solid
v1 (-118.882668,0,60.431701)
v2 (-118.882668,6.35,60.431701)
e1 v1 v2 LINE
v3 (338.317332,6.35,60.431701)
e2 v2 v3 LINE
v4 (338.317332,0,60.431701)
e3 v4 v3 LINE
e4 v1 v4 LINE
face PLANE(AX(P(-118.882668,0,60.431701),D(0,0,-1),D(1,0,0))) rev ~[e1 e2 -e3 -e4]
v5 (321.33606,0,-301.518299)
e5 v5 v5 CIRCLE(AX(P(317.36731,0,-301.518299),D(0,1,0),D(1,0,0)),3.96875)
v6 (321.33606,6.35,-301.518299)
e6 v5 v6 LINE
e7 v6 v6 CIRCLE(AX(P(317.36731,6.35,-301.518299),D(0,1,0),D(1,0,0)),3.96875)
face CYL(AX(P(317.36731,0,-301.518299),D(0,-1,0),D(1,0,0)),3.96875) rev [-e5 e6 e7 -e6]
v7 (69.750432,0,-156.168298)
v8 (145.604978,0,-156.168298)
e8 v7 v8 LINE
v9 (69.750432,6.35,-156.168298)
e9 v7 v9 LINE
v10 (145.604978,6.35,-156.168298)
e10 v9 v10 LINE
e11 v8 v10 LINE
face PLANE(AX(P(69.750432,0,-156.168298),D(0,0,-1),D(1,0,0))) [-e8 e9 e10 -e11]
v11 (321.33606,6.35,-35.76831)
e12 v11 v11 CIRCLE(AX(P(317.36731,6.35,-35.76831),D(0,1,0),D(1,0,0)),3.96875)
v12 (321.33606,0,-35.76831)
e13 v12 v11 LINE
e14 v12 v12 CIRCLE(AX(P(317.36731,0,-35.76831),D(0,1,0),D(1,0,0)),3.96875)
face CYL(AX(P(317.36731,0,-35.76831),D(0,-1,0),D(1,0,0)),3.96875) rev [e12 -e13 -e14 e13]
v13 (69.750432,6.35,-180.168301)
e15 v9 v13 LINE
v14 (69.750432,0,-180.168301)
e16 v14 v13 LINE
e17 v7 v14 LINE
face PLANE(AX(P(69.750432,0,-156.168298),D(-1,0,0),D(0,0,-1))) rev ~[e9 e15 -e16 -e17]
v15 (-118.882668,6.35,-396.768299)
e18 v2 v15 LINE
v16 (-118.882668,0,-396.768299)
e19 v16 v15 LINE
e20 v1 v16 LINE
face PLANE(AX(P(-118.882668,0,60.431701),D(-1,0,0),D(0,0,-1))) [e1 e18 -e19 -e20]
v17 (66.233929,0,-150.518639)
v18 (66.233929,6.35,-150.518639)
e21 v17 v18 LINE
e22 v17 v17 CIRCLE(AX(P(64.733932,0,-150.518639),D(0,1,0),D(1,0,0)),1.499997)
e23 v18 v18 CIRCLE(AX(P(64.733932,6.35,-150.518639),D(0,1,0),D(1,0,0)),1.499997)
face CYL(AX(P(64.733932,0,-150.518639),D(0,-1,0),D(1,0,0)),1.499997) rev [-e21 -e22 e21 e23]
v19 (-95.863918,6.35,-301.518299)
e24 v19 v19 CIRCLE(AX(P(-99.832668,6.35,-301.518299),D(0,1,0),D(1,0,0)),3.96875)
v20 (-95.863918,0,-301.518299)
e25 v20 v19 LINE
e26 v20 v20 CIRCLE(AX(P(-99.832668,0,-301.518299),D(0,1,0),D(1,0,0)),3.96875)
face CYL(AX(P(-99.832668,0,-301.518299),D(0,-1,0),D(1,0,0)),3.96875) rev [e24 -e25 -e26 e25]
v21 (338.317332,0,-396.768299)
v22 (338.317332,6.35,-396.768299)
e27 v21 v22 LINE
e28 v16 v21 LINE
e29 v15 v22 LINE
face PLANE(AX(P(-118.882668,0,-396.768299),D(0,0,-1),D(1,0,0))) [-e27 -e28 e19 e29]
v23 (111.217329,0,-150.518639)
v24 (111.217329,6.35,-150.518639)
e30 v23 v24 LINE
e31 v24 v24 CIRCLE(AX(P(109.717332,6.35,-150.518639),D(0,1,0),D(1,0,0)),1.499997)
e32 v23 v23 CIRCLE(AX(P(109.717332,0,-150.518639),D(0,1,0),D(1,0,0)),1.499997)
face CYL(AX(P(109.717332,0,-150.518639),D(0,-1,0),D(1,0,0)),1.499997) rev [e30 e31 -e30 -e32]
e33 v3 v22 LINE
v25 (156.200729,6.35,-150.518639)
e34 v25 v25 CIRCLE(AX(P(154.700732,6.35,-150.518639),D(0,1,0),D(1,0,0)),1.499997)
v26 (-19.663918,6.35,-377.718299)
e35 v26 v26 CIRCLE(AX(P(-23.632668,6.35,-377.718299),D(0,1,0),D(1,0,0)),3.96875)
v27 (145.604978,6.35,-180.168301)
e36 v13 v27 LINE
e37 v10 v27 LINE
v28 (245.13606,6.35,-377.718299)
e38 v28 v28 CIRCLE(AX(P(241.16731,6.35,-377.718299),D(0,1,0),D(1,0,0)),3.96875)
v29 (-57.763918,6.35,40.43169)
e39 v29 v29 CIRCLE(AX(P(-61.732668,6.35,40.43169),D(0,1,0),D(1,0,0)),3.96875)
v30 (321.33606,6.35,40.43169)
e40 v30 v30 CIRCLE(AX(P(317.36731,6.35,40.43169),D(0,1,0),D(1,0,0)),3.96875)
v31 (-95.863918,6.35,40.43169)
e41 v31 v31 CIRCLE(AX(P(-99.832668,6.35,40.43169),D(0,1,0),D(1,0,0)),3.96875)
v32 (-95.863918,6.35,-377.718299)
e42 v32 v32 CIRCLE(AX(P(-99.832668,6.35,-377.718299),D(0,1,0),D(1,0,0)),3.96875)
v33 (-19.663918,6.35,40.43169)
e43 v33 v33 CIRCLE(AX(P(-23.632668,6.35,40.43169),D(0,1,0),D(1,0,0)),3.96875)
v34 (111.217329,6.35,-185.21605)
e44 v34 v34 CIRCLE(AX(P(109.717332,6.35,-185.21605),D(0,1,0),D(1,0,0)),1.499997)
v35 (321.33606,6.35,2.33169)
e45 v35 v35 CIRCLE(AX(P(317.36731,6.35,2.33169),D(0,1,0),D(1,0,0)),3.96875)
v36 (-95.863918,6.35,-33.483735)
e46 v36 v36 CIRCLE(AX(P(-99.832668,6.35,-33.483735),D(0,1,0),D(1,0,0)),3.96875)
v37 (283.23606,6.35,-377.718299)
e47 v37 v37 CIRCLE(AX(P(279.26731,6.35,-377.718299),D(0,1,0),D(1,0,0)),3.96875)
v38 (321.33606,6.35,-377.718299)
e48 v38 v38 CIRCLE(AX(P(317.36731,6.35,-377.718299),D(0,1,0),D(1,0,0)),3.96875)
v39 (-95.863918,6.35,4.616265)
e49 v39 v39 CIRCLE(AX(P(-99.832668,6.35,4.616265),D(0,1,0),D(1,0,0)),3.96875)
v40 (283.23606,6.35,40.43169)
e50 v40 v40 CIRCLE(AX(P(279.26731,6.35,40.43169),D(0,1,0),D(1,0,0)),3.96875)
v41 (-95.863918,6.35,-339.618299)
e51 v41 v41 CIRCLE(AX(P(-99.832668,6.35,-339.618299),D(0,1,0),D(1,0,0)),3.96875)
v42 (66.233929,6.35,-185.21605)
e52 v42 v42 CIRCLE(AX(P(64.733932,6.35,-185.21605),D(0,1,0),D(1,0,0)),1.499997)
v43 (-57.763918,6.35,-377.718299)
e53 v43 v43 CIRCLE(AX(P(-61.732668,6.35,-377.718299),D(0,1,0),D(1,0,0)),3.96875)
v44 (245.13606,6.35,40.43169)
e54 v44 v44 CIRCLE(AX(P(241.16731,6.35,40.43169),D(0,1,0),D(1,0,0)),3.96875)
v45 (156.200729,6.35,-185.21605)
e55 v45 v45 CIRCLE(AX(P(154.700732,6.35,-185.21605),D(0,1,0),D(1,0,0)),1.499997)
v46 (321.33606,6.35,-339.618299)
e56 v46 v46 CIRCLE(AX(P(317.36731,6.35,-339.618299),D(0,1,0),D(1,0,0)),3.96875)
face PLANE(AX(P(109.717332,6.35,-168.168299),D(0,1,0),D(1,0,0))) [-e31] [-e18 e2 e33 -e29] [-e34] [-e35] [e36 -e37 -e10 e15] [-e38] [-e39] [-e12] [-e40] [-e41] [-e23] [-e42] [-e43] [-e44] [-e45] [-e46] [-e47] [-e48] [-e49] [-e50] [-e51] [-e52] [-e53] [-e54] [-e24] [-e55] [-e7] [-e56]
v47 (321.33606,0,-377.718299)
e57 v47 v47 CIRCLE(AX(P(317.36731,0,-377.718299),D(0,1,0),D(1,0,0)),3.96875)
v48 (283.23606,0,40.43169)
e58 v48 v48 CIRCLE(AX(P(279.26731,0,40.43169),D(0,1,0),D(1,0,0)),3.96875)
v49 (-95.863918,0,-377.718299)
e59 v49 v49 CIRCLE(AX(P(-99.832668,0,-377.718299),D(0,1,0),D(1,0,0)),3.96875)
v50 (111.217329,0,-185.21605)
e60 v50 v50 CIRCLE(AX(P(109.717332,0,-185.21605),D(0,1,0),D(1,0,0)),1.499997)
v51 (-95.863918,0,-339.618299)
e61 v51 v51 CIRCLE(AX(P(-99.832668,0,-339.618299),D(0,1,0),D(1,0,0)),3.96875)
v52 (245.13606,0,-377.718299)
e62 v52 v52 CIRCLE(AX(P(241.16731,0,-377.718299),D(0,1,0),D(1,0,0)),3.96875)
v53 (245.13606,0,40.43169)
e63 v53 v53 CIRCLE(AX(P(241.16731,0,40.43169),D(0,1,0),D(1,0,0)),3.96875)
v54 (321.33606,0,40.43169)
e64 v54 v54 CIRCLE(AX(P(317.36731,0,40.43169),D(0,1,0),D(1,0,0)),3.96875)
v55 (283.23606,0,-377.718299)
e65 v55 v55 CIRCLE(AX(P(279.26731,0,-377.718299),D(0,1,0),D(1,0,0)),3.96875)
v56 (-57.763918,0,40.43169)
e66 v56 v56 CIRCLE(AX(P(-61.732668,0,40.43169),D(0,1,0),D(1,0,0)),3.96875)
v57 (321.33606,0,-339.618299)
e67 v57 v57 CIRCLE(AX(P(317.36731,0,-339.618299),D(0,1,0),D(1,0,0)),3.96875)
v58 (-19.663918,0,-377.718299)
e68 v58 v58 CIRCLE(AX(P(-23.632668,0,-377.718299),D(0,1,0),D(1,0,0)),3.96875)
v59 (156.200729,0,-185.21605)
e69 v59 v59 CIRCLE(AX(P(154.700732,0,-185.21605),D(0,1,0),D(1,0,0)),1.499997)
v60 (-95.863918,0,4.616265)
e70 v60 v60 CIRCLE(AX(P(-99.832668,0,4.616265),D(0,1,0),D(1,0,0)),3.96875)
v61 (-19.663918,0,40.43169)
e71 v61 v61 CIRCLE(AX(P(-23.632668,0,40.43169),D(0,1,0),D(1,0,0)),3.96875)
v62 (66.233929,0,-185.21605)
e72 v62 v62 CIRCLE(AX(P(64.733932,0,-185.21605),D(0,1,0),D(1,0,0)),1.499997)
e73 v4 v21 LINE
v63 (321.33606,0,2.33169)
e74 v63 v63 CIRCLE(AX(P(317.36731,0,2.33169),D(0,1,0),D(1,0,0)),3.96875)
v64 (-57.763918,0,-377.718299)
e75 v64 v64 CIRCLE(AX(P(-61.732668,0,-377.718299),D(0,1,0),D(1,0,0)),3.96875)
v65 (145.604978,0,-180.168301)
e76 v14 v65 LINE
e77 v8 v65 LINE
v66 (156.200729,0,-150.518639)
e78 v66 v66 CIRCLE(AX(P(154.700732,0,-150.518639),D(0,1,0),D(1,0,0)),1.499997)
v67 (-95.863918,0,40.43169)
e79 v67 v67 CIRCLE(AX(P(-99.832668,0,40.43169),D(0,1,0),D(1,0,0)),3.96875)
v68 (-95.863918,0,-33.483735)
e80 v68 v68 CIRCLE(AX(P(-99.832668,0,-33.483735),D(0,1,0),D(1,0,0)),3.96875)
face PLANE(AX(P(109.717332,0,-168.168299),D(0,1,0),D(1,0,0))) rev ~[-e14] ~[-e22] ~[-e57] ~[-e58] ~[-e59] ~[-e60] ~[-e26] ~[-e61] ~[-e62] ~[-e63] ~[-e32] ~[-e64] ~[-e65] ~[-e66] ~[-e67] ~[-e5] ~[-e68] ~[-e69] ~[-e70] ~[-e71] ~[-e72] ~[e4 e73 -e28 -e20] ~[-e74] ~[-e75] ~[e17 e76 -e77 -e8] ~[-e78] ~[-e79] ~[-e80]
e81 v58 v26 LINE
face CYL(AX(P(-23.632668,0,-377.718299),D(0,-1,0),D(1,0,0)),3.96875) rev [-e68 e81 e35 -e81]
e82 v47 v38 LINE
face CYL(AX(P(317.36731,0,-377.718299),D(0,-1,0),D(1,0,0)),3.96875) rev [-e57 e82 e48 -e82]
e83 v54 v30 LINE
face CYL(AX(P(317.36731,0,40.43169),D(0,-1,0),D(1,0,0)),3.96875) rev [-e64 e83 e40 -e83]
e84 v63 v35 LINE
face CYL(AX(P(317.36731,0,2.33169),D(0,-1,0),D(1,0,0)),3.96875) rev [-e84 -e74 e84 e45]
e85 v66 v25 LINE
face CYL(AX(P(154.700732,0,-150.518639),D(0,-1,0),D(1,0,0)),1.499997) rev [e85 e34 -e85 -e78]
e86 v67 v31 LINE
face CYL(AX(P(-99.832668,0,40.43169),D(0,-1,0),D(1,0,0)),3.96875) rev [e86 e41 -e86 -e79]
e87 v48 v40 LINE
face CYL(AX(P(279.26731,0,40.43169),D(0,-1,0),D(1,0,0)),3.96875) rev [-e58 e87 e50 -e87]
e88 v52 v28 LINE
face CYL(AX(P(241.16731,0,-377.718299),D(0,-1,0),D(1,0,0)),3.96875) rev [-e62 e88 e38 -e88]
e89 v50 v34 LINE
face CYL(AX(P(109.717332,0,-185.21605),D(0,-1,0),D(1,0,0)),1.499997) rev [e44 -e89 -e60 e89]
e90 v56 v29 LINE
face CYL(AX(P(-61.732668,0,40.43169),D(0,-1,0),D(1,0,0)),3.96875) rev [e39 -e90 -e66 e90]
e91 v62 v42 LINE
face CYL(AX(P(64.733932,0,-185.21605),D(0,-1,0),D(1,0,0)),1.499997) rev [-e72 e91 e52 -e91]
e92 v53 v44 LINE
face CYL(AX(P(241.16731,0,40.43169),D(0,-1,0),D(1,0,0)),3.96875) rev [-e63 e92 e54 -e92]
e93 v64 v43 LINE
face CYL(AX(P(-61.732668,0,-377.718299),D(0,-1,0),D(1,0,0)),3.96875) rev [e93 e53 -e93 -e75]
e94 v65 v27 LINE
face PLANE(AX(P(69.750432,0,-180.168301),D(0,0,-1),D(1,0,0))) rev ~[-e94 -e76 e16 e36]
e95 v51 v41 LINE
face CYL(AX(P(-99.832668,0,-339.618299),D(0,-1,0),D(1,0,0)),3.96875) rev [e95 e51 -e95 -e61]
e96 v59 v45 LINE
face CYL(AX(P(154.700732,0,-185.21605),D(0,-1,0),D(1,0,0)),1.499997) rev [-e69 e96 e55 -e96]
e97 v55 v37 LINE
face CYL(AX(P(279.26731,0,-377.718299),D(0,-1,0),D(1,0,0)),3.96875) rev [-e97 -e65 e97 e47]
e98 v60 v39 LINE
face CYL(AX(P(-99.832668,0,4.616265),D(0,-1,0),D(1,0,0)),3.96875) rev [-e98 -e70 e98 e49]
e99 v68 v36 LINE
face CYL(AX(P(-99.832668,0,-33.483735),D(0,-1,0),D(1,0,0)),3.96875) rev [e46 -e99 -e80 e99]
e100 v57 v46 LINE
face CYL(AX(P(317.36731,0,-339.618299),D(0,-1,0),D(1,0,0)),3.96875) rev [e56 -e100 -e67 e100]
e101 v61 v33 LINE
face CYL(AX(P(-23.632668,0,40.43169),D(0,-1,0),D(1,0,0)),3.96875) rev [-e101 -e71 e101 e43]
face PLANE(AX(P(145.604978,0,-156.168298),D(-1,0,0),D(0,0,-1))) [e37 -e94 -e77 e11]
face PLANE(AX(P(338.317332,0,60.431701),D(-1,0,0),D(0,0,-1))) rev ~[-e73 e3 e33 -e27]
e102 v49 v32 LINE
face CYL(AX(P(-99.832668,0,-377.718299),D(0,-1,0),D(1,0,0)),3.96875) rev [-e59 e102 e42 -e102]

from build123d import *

# Parameters (mm, degrees)
SKETCH2_W           = 457.2
SKETCH2_H           = 457.2
SKETCH2_R           = 1.499997
SKETCH2_R_2         = 3.96875
SKETCH2_W_2         = 75.854546825
SKETCH2_H_2         = 24.0000028
BOSS_EXTRUDE1_DEPTH = 6.35


with BuildPart() as part:
    # Sketch2 → Boss-Extrude1 (new body)
    with BuildSketch(Plane(origin=(0, 0, 0), x_dir=(1, 0, 0), z_dir=(0, 1, 0))):
        with Locations((109.717331557, 168.168299308)):
            Rectangle(SKETCH2_W, SKETCH2_H)
        with Locations((154.700731557, 185.216049573)):
            Circle(SKETCH2_R, mode=Mode.SUBTRACT)
        with Locations((154.700731557, 150.518638726)):
            Circle(SKETCH2_R, mode=Mode.SUBTRACT)
        with Locations((64.733931557, 150.518638726)):
            Circle(SKETCH2_R, mode=Mode.SUBTRACT)
        with Locations((64.733931557, 185.216049573)):
            Circle(SKETCH2_R, mode=Mode.SUBTRACT)
        with Locations((-99.832668443, 377.718299308)):
            Circle(SKETCH2_R_2, mode=Mode.SUBTRACT)
        with Locations((317.367309957, 377.718299308)):
            Circle(SKETCH2_R_2, mode=Mode.SUBTRACT)
        with Locations((-99.832668443, -40.431689892)):
            Circle(SKETCH2_R_2, mode=Mode.SUBTRACT)
        with Locations((317.367309957, -40.431689892)):
            Circle(SKETCH2_R_2, mode=Mode.SUBTRACT)
        with Locations((109.717331557, 185.216049573)):
            Circle(SKETCH2_R, mode=Mode.SUBTRACT)
        with Locations((109.717331557, 150.518638726)):
            Circle(SKETCH2_R, mode=Mode.SUBTRACT)
        with Locations((-61.732668443, 377.718299308)):
            Circle(SKETCH2_R_2, mode=Mode.SUBTRACT)
        with Locations((-23.632668443, 377.718299308)):
            Circle(SKETCH2_R_2, mode=Mode.SUBTRACT)
        with Locations((-99.832668443, 339.618299308)):
            Circle(SKETCH2_R_2, mode=Mode.SUBTRACT)
        with Locations((-99.832668443, 301.518299308)):
            Circle(SKETCH2_R_2, mode=Mode.SUBTRACT)
        with Locations((241.167309957, 377.718299308)):
            Circle(SKETCH2_R_2, mode=Mode.SUBTRACT)
        with Locations((279.267309957, 377.718299308)):
            Circle(SKETCH2_R_2, mode=Mode.SUBTRACT)
        with Locations((317.367309957, 339.618299308)):
            Circle(SKETCH2_R_2, mode=Mode.SUBTRACT)
        with Locations((317.367309957, 301.518299308)):
            Circle(SKETCH2_R_2, mode=Mode.SUBTRACT)
        with Locations((317.367309957, -2.331689892)):
            Circle(SKETCH2_R_2, mode=Mode.SUBTRACT)
        with Locations((317.367309957, 35.768310108)):
            Circle(SKETCH2_R_2, mode=Mode.SUBTRACT)
        with Locations((279.267309957, -40.431689892)):
            Circle(SKETCH2_R_2, mode=Mode.SUBTRACT)
        with Locations((241.167309957, -40.431689892)):
            Circle(SKETCH2_R_2, mode=Mode.SUBTRACT)
        with Locations((-61.732668443, -40.431689892)):
            Circle(SKETCH2_R_2, mode=Mode.SUBTRACT)
        with Locations((-23.632668443, -40.431689892)):
            Circle(SKETCH2_R_2, mode=Mode.SUBTRACT)
        with Locations((-99.832668443, -4.616265021)):
            Circle(SKETCH2_R_2, mode=Mode.SUBTRACT)
        with Locations((-99.832668443, 33.483734979)):
            Circle(SKETCH2_R_2, mode=Mode.SUBTRACT)
        with Locations((107.67770497, 168.168299308)):
            Rectangle(SKETCH2_W_2, SKETCH2_H_2, mode=Mode.SUBTRACT)
    extrude(amount=BOSS_EXTRUDE1_DEPTH)


solid = part.part
